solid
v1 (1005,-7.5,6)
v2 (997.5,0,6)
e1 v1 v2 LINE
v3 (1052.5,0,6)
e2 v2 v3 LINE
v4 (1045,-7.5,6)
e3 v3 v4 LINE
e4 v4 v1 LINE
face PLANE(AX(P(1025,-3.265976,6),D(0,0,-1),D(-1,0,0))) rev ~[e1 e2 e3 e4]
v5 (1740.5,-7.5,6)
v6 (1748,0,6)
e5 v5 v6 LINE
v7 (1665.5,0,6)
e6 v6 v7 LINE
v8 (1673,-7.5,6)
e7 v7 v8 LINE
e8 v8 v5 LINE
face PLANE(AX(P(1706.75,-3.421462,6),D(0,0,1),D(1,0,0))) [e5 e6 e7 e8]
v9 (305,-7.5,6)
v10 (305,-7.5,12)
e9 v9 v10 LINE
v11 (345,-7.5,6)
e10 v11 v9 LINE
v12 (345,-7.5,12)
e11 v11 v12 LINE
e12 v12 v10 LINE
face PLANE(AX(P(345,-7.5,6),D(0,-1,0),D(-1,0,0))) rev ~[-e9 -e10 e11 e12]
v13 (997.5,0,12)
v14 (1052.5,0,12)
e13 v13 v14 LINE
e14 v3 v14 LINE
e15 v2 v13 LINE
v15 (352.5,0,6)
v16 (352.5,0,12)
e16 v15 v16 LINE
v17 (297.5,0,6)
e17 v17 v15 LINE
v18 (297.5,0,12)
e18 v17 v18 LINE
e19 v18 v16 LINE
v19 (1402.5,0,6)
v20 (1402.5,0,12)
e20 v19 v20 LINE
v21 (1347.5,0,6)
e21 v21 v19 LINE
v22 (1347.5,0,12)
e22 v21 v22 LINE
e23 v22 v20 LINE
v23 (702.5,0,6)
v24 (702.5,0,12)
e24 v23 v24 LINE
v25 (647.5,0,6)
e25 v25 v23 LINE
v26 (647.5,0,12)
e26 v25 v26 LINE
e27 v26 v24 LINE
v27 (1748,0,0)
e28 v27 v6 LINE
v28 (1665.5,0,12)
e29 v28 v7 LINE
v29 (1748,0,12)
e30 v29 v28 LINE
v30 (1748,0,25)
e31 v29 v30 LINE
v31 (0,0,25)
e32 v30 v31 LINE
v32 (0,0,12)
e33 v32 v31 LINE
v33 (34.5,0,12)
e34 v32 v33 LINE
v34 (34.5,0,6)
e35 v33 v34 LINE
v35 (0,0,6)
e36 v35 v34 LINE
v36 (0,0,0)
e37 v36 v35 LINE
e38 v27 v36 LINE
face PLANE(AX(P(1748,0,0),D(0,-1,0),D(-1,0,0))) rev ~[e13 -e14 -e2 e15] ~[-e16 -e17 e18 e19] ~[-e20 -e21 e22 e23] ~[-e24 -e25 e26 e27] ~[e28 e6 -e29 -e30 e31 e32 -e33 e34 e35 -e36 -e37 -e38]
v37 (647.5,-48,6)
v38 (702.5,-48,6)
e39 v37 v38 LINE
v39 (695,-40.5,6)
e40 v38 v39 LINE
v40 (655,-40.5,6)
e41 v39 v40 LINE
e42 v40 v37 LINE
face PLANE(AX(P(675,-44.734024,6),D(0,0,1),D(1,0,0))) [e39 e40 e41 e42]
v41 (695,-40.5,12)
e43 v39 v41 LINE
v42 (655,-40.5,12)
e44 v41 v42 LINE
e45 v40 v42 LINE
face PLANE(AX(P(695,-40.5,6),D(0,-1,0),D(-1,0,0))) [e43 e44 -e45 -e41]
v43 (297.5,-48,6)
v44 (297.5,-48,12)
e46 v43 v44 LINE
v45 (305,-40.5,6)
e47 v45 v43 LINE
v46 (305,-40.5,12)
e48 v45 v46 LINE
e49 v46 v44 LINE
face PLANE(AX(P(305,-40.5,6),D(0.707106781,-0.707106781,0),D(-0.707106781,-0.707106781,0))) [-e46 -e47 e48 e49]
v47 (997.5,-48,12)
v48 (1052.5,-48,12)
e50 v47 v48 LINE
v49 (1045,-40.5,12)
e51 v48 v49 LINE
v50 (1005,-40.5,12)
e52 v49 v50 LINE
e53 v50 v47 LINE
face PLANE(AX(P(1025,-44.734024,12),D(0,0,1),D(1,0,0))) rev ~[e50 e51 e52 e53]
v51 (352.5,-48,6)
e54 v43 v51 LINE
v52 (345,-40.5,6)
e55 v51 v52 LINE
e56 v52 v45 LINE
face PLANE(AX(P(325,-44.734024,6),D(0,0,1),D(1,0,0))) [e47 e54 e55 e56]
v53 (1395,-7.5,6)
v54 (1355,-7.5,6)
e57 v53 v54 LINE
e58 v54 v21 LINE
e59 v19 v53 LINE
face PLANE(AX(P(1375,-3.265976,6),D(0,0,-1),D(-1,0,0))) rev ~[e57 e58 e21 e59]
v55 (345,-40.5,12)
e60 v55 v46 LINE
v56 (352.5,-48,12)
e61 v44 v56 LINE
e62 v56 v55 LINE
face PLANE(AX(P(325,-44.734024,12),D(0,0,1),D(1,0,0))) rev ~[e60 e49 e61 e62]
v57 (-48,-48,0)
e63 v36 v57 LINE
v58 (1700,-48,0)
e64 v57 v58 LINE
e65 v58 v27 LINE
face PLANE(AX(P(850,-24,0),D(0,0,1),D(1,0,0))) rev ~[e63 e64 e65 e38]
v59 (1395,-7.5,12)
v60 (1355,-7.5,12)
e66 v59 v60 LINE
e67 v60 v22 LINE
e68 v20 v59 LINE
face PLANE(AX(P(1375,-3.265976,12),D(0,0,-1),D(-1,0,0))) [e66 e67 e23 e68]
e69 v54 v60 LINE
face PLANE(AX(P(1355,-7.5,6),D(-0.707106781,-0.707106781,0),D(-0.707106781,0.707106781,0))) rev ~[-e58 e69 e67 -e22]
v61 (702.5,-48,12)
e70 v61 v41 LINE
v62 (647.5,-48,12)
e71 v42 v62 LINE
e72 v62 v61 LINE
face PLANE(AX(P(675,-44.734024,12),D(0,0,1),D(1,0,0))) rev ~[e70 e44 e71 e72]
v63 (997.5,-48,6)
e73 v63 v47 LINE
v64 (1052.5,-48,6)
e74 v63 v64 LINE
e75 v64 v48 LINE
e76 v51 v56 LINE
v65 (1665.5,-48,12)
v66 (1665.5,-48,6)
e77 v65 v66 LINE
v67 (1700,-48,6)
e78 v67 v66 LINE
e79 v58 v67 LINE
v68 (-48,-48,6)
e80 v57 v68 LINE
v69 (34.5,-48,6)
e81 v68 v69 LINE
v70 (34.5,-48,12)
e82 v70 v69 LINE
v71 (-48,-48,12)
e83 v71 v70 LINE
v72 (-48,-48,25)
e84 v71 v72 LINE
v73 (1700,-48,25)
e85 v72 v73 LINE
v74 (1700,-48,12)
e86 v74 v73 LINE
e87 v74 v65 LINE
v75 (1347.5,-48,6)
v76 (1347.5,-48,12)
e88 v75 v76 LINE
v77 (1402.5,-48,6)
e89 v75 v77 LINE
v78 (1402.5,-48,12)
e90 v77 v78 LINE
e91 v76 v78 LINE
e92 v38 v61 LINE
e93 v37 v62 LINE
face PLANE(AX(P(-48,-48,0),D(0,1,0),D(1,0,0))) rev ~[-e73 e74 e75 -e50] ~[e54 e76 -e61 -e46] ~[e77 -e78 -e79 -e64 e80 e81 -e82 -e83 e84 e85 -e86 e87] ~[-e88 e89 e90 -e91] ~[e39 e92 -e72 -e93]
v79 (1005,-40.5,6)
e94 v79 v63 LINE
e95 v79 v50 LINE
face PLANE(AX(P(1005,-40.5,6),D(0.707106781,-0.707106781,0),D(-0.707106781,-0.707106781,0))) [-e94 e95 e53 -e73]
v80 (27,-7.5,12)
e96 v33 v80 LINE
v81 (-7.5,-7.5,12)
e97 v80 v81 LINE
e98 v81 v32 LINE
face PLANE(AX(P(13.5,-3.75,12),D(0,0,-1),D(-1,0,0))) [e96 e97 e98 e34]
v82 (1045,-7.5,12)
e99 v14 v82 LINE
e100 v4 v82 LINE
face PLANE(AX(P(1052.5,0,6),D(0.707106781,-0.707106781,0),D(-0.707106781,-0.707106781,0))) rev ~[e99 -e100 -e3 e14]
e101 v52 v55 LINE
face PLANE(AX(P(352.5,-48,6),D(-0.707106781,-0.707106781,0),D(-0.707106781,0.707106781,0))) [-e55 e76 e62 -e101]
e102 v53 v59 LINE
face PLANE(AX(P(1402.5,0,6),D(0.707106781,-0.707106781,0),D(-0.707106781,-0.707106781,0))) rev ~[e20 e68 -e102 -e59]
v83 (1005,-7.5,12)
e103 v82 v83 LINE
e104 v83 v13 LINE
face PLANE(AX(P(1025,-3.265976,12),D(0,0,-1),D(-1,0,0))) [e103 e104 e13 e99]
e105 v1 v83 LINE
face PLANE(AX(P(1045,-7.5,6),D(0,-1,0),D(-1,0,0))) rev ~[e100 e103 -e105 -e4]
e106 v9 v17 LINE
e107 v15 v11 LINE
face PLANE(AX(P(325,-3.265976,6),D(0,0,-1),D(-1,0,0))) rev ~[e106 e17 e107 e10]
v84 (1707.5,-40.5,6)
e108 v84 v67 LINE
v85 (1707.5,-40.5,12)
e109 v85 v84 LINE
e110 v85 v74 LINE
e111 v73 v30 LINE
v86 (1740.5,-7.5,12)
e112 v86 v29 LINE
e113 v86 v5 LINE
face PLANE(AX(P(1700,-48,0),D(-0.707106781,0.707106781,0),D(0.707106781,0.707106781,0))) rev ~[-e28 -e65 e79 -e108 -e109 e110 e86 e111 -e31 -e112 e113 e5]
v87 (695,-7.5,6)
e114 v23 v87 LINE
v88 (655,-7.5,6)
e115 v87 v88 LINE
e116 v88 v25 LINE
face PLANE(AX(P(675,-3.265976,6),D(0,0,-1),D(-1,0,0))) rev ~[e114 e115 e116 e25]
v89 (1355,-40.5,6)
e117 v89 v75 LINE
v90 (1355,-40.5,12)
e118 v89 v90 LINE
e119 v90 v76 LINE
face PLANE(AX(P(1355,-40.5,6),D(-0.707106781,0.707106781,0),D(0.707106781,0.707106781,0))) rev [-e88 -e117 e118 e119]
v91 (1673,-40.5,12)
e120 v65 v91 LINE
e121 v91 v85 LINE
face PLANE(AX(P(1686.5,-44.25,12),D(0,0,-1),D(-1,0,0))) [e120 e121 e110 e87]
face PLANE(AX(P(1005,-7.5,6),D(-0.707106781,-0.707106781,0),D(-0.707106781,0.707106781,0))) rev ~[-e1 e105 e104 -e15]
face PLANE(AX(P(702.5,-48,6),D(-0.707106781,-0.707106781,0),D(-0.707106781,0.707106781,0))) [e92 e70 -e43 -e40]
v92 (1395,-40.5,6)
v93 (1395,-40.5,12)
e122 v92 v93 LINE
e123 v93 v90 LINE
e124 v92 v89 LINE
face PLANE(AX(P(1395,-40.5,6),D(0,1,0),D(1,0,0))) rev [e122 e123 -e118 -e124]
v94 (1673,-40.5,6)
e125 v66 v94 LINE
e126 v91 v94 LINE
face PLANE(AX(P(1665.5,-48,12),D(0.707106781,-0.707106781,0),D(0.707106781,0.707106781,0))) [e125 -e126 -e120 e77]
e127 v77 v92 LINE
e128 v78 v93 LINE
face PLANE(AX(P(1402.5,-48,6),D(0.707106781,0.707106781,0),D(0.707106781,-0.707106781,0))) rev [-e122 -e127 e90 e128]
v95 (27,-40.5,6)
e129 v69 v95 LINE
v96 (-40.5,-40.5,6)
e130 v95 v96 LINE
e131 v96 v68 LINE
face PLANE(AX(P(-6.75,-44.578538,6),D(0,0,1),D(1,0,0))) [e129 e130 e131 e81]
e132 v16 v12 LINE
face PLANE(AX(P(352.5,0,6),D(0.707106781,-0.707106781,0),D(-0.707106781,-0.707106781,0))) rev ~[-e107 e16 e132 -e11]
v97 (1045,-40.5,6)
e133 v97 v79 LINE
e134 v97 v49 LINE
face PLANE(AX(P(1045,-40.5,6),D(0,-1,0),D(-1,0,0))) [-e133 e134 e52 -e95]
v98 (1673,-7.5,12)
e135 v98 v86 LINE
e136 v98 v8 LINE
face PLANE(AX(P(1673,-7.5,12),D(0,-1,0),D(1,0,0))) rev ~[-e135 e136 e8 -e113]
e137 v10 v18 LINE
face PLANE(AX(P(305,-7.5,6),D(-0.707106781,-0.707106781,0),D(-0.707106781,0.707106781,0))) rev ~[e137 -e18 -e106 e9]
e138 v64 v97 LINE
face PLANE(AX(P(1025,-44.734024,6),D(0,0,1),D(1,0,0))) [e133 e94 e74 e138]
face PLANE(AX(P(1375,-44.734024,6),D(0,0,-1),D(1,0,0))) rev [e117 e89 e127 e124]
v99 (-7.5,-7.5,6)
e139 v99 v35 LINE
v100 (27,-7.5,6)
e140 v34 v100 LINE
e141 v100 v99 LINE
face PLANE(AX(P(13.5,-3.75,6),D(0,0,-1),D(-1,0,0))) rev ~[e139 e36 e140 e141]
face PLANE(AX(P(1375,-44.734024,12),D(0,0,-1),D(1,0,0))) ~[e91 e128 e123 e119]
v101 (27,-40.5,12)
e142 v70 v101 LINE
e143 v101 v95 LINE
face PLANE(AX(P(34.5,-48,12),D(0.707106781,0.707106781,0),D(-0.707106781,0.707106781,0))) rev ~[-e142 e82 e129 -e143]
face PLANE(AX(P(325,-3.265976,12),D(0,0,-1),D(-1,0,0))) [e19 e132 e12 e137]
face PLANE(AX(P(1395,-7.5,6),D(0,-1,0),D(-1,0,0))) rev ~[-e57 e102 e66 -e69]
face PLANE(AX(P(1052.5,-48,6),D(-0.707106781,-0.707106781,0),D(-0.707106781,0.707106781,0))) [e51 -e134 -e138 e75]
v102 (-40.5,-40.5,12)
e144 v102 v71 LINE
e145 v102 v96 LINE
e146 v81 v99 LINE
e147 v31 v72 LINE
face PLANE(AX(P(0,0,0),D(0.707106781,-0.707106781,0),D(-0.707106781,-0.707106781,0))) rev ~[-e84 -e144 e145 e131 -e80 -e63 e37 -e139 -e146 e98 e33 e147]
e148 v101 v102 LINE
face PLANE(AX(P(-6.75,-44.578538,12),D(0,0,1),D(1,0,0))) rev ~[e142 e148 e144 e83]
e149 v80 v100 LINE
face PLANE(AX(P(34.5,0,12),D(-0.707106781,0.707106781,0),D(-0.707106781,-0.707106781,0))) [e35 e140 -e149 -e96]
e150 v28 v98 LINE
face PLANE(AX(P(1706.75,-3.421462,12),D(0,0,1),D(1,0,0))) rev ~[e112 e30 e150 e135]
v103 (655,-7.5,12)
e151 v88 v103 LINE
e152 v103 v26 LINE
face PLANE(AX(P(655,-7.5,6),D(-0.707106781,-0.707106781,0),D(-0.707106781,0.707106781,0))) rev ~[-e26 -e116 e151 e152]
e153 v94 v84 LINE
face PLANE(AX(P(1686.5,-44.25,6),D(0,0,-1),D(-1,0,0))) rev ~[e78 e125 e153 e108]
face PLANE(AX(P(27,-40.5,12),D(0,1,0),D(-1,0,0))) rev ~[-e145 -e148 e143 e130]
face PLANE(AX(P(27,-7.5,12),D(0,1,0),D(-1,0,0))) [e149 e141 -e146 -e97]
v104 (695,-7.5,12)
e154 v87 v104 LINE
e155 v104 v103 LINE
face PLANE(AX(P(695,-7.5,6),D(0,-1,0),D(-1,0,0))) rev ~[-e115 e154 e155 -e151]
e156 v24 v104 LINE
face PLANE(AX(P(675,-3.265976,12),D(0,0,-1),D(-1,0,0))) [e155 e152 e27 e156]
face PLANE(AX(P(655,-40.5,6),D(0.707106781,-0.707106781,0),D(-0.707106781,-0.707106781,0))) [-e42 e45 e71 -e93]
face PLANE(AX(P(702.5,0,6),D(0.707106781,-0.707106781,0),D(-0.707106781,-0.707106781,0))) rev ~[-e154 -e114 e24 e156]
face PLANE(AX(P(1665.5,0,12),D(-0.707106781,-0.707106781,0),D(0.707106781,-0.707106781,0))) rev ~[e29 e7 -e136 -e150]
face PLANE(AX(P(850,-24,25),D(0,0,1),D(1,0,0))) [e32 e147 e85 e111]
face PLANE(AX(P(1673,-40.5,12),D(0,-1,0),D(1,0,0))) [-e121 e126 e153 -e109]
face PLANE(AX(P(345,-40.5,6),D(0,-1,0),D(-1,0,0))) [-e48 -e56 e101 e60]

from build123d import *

# Parameters (mm, degrees)
EXTRUDE_1_DEPTH        = 25
CUT_EXTRUDE_START      = -6
CUT_EXTRUDE_1_DEPTH    = 6
PATTERN_LINEAR_1_COUNT = 4
PATTERN_LINEAR_1_PITCH = 350
MIRROR_START           = -6
MIRROR_1_COPY_1_DEPTH  = 6
MIRROR_1_COPY_2_DEPTH  = 6
MIRROR_1_COPY_3_DEPTH  = 6
CUT_EXTRUDE_START_2    = -13
CUT_EXTRUDE_2_DEPTH    = 6


with BuildPart() as part:
    # 草图2 → 凸台-拉伸1 (new body)
    with BuildSketch(Plane.XY):
        Polygon((0, 0), (-48, -48), (1700, -48), (1748, 0), align=None)
    extrude(amount=EXTRUDE_1_DEPTH)

    # 草图3 → 切除-拉伸1 (cut)
    with BuildSketch(Plane(origin=(0, 0, 0), x_dir=(-1, 0, 0), z_dir=(0, 0, -1)).offset(CUT_EXTRUDE_START)):
        Polygon((-1402.5, 0), (-1395, -7.5), (-1355, -7.5), (-1347.5, 0), align=None)
    cut_extrude_1 = extrude(amount=-CUT_EXTRUDE_1_DEPTH, mode=Mode.SUBTRACT)

    # 阵列(线性)1: 切除-拉伸1 ×4
    with Locations(*[(-i * PATTERN_LINEAR_1_PITCH, 0, 0) for i in range(1, PATTERN_LINEAR_1_COUNT)]):
        add(cut_extrude_1, mode=Mode.SUBTRACT)

    # 镜向1: 切除-拉伸1 across plane
    add(cut_extrude_1.mirror(Plane.ZX.offset(-24)), mode=Mode.SUBTRACT)

    # 镜向1 copy 1 sketch → 镜向1 copy 1 (cut)
    with BuildSketch(Plane(origin=(-350, -48, 0), x_dir=(-1, 0, 0), z_dir=(0, 0, -1)).offset(MIRROR_START)):
        Polygon((-1402.5, 0), (-1395, 7.5), (-1355, 7.5), (-1347.5, 0), align=None)
    extrude(amount=-MIRROR_1_COPY_1_DEPTH, mode=Mode.SUBTRACT)

    # 镜向1 copy 2 sketch → 镜向1 copy 2 (cut)
    with BuildSketch(Plane(origin=(-700, -48, 0), x_dir=(-1, 0, 0), z_dir=(0, 0, -1)).offset(MIRROR_START)):
        Polygon((-1402.5, 0), (-1395, 7.5), (-1355, 7.5), (-1347.5, 0), align=None)
    extrude(amount=-MIRROR_1_COPY_2_DEPTH, mode=Mode.SUBTRACT)

    # 镜向1 copy 3 sketch → 镜向1 copy 3 (cut)
    with BuildSketch(Plane(origin=(-1050, -48, 0), x_dir=(-1, 0, 0), z_dir=(0, 0, -1)).offset(MIRROR_START)):
        Polygon((-1402.5, 0), (-1395, 7.5), (-1355, 7.5), (-1347.5, 0), align=None)
    extrude(amount=-MIRROR_1_COPY_3_DEPTH, mode=Mode.SUBTRACT)

    # 草图4 → 切除-拉伸2 (cut)
    with BuildSketch(Plane.XY.offset(25).offset(CUT_EXTRUDE_START_2)):
        Polygon((1665.5, 0), (1673, -7.5), (1740.5, -7.5), (1748, 0), align=None)
        Polygon((1665.5, -48), (1673, -40.5), (1707.5, -40.5), (1700, -48), align=None)
        Polygon((34.5, -48), (27, -40.5), (-40.5, -40.5), (-48, -48), align=None)
        Polygon((34.5, 0), (27, -7.5), (-7.5, -7.5), (0, 0), align=None)
    extrude(amount=-CUT_EXTRUDE_2_DEPTH, mode=Mode.SUBTRACT)


solid = part.part
